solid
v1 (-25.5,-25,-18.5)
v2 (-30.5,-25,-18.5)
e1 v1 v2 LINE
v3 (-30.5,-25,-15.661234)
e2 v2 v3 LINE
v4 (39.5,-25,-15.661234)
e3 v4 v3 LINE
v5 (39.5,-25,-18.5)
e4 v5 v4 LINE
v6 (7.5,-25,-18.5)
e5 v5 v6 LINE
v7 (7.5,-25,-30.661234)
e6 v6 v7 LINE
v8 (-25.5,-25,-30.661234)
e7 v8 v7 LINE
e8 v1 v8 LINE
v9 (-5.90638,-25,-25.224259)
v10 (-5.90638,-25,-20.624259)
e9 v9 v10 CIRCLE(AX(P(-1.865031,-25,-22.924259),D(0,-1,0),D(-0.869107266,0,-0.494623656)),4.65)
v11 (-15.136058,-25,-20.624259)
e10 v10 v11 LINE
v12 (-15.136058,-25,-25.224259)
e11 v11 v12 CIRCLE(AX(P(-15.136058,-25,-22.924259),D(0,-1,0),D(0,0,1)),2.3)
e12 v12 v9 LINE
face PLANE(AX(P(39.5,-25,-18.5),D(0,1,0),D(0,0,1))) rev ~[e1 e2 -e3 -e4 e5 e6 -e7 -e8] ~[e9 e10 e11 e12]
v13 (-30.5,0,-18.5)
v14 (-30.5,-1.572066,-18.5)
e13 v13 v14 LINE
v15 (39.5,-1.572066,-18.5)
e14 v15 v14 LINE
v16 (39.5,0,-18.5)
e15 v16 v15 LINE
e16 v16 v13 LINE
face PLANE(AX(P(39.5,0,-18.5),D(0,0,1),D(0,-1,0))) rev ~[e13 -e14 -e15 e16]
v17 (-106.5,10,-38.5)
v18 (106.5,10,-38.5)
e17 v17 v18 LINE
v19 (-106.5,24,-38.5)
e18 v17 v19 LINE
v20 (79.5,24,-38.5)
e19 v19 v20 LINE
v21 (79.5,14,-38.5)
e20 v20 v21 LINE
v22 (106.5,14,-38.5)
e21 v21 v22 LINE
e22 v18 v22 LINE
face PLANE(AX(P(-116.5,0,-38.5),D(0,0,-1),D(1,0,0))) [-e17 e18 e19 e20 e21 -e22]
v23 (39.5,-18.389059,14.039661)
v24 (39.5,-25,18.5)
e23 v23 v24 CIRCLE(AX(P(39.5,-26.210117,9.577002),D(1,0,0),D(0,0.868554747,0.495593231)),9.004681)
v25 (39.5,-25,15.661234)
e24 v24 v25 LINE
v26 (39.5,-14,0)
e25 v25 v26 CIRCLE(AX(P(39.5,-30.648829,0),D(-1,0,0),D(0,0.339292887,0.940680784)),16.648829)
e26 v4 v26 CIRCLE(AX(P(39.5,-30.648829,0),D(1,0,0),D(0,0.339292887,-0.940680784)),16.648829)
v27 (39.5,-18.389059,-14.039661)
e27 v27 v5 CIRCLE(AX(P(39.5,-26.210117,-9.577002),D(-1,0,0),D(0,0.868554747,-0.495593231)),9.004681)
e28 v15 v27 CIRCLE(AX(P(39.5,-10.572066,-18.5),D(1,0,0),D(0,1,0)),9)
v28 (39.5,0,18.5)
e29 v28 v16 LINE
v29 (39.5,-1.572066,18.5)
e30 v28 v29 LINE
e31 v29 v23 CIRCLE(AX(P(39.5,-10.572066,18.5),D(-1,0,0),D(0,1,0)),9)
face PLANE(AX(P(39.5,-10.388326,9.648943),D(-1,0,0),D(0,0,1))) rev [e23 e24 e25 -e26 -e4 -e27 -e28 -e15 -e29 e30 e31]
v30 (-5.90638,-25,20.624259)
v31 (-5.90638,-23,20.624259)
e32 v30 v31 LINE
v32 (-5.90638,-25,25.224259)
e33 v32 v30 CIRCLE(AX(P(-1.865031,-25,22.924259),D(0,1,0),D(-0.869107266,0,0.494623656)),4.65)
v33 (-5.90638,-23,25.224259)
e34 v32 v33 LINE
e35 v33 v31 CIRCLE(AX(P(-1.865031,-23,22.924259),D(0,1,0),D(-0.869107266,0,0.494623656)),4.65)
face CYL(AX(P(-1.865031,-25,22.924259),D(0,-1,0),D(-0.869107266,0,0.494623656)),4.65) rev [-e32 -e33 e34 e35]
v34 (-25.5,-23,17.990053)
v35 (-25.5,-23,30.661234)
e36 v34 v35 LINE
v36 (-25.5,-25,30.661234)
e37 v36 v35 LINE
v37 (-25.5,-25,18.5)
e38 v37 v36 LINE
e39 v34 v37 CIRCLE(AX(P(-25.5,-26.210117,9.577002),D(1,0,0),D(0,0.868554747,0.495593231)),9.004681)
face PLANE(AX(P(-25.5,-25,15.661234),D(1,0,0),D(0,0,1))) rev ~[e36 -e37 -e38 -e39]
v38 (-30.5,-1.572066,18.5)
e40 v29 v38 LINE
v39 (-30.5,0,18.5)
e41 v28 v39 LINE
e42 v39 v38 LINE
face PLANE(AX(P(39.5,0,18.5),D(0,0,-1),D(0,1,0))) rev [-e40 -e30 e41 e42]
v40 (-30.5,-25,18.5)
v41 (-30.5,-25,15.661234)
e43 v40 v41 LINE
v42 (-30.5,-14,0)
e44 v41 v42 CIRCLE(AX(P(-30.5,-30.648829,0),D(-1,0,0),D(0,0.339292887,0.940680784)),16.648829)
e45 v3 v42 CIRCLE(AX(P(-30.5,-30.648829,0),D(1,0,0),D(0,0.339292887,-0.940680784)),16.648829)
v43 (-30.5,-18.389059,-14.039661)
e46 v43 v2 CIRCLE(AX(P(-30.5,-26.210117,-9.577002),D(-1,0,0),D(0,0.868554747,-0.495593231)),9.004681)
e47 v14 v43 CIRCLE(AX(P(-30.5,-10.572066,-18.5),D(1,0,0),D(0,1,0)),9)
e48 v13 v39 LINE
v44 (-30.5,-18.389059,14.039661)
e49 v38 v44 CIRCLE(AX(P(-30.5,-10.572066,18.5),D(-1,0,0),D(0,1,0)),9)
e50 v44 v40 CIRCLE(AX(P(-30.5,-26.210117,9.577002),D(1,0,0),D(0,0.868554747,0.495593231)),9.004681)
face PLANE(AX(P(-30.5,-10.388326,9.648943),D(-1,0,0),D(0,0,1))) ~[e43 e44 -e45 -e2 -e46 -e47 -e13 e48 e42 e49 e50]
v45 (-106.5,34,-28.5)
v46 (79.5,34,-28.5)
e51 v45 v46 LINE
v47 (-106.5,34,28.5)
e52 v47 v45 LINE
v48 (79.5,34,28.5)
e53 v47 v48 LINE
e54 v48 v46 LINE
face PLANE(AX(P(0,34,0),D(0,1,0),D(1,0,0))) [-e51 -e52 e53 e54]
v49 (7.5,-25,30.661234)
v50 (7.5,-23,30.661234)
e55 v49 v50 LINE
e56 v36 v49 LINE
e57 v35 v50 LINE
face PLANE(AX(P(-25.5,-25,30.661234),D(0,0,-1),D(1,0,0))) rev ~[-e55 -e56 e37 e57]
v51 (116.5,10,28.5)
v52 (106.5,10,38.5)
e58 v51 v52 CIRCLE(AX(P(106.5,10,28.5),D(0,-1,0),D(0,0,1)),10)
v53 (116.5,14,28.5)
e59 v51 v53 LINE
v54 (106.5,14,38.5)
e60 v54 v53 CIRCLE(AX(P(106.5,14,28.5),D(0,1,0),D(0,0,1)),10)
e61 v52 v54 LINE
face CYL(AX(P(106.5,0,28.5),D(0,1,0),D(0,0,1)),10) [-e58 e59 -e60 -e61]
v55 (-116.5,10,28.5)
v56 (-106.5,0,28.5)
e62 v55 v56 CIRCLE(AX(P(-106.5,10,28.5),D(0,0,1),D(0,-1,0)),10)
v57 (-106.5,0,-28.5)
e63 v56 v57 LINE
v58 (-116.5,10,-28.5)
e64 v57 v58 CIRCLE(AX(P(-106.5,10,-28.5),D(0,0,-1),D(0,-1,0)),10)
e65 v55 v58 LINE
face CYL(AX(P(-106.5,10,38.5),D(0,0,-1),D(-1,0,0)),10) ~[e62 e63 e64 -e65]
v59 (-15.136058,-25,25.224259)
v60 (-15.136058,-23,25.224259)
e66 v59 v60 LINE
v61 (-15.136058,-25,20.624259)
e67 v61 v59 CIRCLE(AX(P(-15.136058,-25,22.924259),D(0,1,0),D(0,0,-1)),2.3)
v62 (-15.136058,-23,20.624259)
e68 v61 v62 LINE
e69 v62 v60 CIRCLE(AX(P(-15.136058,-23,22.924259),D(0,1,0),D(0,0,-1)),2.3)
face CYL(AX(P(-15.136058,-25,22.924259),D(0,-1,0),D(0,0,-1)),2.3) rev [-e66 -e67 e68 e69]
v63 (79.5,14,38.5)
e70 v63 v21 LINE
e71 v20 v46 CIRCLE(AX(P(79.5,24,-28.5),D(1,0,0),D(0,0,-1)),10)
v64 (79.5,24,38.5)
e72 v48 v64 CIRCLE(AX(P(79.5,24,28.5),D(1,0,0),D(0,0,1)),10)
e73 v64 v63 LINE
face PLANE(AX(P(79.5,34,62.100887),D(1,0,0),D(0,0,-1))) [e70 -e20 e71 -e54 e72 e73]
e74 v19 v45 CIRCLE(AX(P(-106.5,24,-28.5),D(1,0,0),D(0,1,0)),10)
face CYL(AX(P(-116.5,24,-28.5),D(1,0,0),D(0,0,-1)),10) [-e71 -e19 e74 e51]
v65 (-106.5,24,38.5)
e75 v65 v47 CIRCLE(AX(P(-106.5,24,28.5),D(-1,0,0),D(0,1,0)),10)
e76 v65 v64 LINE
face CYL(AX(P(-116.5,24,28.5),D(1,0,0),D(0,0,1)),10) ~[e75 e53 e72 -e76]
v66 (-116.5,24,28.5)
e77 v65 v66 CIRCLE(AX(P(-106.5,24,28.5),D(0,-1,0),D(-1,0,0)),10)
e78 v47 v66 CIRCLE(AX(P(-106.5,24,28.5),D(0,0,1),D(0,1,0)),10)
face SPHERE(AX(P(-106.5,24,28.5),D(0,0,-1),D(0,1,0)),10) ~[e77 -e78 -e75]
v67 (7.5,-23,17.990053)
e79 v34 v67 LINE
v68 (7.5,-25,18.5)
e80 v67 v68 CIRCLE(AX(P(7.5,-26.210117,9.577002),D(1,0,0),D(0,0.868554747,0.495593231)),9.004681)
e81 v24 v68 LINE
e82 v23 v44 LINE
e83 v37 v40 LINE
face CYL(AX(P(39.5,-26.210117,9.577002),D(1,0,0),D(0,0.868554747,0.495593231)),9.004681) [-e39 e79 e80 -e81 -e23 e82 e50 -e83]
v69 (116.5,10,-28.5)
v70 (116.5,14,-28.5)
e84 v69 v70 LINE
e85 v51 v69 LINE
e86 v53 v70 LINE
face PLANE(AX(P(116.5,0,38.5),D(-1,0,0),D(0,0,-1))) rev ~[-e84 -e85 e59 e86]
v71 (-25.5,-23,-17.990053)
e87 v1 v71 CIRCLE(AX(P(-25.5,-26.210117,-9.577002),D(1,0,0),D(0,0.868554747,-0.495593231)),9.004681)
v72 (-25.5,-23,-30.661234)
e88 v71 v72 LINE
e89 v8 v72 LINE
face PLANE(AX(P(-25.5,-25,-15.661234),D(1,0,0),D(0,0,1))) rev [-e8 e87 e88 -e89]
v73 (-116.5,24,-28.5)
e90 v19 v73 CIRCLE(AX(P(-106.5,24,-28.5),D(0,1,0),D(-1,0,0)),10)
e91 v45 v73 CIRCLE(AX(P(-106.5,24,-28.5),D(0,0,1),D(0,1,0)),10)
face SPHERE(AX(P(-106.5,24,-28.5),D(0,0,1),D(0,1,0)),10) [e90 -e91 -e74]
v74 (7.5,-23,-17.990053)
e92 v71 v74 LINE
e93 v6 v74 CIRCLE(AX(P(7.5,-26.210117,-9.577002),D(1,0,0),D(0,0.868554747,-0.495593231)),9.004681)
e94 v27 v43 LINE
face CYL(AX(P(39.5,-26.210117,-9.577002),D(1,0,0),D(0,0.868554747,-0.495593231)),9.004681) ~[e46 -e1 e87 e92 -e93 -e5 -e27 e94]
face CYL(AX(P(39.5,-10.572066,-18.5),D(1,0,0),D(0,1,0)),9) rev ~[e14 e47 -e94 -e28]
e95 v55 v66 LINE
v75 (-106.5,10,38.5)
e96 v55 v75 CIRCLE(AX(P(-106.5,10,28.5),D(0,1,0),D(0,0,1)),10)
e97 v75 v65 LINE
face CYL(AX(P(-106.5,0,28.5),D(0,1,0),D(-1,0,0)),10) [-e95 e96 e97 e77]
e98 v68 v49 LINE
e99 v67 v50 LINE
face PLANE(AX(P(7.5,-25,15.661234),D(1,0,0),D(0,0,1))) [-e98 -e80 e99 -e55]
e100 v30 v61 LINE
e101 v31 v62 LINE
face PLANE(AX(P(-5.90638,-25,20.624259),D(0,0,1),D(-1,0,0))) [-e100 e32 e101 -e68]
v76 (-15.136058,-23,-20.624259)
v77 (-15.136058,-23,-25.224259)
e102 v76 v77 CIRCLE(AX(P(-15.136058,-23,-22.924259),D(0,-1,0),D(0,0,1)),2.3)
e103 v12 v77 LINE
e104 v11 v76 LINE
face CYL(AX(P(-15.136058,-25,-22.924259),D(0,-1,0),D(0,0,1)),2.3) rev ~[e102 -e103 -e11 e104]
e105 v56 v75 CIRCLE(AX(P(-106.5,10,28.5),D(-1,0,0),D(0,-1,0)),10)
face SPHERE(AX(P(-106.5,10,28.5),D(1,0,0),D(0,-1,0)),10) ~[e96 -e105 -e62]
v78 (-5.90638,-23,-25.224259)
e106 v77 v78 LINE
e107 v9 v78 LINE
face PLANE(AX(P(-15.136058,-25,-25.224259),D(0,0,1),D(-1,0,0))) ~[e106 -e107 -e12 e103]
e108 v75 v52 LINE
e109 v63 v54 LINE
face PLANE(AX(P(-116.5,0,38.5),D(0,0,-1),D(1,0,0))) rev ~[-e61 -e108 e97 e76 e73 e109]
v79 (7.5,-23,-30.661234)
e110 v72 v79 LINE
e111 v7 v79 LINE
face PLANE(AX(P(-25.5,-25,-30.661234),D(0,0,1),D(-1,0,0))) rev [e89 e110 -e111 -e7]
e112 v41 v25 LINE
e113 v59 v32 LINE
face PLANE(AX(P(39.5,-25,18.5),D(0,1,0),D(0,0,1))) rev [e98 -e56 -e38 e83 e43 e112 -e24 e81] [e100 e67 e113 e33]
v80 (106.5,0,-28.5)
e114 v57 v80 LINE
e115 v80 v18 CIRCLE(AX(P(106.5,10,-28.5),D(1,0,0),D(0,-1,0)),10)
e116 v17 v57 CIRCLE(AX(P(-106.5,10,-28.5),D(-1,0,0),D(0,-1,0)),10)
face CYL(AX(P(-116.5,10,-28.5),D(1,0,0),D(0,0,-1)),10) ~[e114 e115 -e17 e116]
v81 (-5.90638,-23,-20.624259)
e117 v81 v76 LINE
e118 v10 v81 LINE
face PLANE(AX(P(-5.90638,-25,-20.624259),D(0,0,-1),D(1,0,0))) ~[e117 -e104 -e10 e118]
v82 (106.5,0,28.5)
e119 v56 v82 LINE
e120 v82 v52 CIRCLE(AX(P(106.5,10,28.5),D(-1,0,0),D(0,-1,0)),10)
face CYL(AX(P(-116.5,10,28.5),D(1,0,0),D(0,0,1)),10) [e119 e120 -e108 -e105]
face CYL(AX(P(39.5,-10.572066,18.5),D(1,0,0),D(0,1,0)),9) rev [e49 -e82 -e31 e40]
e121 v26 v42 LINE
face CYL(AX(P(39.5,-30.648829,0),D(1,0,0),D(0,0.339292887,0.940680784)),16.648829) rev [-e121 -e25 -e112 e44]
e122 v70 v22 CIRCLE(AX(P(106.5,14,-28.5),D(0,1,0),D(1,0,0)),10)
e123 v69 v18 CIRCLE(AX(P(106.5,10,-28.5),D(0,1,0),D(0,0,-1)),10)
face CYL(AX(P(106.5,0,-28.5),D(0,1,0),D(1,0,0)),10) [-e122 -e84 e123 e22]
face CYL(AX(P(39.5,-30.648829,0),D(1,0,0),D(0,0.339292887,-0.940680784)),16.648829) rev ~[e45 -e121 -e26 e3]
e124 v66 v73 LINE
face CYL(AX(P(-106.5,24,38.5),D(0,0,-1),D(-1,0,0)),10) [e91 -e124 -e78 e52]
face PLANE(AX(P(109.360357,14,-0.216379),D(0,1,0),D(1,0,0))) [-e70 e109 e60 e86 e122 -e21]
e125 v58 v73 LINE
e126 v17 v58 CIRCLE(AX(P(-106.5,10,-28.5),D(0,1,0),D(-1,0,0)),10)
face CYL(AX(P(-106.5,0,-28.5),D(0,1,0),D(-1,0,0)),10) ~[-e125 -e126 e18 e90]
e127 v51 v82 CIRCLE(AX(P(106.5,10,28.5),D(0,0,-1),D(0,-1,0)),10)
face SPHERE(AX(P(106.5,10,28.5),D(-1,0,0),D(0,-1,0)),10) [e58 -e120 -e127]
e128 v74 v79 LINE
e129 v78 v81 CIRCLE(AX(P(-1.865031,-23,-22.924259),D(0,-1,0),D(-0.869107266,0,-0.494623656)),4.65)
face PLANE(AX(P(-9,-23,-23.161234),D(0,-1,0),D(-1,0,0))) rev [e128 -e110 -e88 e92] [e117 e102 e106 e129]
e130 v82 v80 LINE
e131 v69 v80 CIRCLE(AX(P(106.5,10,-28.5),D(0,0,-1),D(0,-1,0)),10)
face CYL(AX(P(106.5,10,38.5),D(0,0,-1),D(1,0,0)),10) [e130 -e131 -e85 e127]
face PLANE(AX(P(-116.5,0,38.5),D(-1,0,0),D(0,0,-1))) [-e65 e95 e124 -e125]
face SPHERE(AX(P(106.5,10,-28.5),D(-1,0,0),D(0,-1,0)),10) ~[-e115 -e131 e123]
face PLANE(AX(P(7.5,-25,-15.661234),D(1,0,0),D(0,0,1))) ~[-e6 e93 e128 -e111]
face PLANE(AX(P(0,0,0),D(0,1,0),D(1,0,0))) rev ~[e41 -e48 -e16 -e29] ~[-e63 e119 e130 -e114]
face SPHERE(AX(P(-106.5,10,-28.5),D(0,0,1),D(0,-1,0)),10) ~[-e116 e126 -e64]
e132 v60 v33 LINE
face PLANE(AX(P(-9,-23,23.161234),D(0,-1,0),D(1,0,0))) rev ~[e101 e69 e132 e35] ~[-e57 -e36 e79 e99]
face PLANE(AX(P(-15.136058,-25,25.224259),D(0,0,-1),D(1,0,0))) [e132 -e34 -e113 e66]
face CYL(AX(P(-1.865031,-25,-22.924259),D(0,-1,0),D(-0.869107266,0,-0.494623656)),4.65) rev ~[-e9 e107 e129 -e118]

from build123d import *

# Parameters (mm, degrees)
SKETCH_1_W          = 233
SKETCH_1_H          = 77
EXTRUDE_1_DEPTH     = 34
FILLET_1_R          = 10
EXTRUDE_START       = -77
EXTRUDE_2_DEPTH     = 70
SKETCH_5_W          = 59.720713377
SKETCH_5_H          = 124.634532265
CUT_EXTRUDE_1_DEPTH = 20
SKETCH_6_W          = 33
SKETCH_6_H          = 15
EXTRUDE_3_DEPTH     = 2
CUT_EXTRUDE_2_DEPTH = 2


with BuildPart() as part:
    # 草图1 → 凸台-拉伸1 (new body)
    with BuildSketch(Plane(origin=(0, 0, 0), x_dir=(1, 0, 0), z_dir=(0, 1, 0))):
        Rectangle(SKETCH_1_W, SKETCH_1_H)
    extrude(amount=EXTRUDE_1_DEPTH)

    # 圆角1
    fillet_1_edges = [part.edges().sort_by_distance(p)[0] for p in [
        (-116.5, 34, 0),
        (0, 34, 38.5),
        (116.5, 34, 0),
        (0, 0, 38.5),
        (-116.5, 0, 0),
        (0, 0, -38.5),
        (116.5, 0, 0),
        (0, 34, -38.5),
        (116.5, 17, 38.5),
        (-116.5, 17, 38.5),
        (-116.5, 17, -38.5),
        (116.5, 17, -38.5),
    ]]
    fillet(fillet_1_edges, radius=FILLET_1_R)

    # 草图4 → 凸台-拉伸2 (add)
    with BuildSketch(Plane(origin=(116.5, 0, 0), x_dir=(0, 0, -1), z_dir=(1, 0, 0)).offset(EXTRUDE_START)):
        with BuildLine():
            Line((0, 0), (18.5, 0))
            Line((18.5, 0), (18.5, -1.572066466))
            ThreePointArc((18.5, -1.572066466), (9.800777778, -8.264788257), (14.039660918, -18.389059192))
            ThreePointArc((14.039660918, -18.389059192), (17.041590901, -21.173830143), (18.5, -25))
            Line((18.5, -25), (15.661233875, -25))
            ThreePointArc((15.661233875, -25), (9.569146337, -17.024771316), (0, -14))
            Line((0, -14), (0, 0))
        make_face()
    extrude_2 = extrude(amount=-EXTRUDE_2_DEPTH)

    # 草图5 → 切除-拉伸1 (cut)
    with BuildSketch(Plane(origin=(0, 34, 0), x_dir=(1, 0, 0), z_dir=(0, 1, 0))):
        with Locations((109.360356689, 0.216379396)):
            Rectangle(SKETCH_5_W, SKETCH_5_H)
    extrude(amount=-CUT_EXTRUDE_1_DEPTH, mode=Mode.SUBTRACT)

    # 镜向1: 凸台-拉伸2 across plane
    add(extrude_2.mirror(Plane(origin=(-30.5, 0, 0), x_dir=(1, 0, 0), z_dir=(0, 0, 1))))

    # 草图6 → 凸台-拉伸3 (add)
    with BuildSketch(Plane.XZ.offset(25)):
        with Locations((-9, 23.161233875)):
            Rectangle(SKETCH_6_W, SKETCH_6_H)
    extrude_3 = extrude(amount=-EXTRUDE_3_DEPTH)

    # 草图7 → 切除-拉伸2 (cut)
    with BuildSketch(Plane(origin=(0, -25, 0), x_dir=(-1, 0, 0), z_dir=(0, -1, 0))):
        with BuildLine():
            Line((5.906379753, -20.624259192), (15.136057616, -20.624259192))
            ThreePointArc((15.136057616, -20.624259192), (17.436057616, -22.924259192), (15.136057616, -25.224259192))
            Line((15.136057616, -25.224259192), (5.906379753, -25.224259192))
            ThreePointArc((5.906379753, -25.224259192), (-2.784969032, -22.924259192), (5.906379753, -20.624259192))
        make_face()
    cut_extrude_2 = extrude(amount=-CUT_EXTRUDE_2_DEPTH, mode=Mode.SUBTRACT)

    # 镜向2: 凸台-拉伸3, 切除-拉伸2 across plane
    add(extrude_3.mirror(Plane.XY))
    add(cut_extrude_2.mirror(Plane.XY), mode=Mode.SUBTRACT)


solid = part.part
